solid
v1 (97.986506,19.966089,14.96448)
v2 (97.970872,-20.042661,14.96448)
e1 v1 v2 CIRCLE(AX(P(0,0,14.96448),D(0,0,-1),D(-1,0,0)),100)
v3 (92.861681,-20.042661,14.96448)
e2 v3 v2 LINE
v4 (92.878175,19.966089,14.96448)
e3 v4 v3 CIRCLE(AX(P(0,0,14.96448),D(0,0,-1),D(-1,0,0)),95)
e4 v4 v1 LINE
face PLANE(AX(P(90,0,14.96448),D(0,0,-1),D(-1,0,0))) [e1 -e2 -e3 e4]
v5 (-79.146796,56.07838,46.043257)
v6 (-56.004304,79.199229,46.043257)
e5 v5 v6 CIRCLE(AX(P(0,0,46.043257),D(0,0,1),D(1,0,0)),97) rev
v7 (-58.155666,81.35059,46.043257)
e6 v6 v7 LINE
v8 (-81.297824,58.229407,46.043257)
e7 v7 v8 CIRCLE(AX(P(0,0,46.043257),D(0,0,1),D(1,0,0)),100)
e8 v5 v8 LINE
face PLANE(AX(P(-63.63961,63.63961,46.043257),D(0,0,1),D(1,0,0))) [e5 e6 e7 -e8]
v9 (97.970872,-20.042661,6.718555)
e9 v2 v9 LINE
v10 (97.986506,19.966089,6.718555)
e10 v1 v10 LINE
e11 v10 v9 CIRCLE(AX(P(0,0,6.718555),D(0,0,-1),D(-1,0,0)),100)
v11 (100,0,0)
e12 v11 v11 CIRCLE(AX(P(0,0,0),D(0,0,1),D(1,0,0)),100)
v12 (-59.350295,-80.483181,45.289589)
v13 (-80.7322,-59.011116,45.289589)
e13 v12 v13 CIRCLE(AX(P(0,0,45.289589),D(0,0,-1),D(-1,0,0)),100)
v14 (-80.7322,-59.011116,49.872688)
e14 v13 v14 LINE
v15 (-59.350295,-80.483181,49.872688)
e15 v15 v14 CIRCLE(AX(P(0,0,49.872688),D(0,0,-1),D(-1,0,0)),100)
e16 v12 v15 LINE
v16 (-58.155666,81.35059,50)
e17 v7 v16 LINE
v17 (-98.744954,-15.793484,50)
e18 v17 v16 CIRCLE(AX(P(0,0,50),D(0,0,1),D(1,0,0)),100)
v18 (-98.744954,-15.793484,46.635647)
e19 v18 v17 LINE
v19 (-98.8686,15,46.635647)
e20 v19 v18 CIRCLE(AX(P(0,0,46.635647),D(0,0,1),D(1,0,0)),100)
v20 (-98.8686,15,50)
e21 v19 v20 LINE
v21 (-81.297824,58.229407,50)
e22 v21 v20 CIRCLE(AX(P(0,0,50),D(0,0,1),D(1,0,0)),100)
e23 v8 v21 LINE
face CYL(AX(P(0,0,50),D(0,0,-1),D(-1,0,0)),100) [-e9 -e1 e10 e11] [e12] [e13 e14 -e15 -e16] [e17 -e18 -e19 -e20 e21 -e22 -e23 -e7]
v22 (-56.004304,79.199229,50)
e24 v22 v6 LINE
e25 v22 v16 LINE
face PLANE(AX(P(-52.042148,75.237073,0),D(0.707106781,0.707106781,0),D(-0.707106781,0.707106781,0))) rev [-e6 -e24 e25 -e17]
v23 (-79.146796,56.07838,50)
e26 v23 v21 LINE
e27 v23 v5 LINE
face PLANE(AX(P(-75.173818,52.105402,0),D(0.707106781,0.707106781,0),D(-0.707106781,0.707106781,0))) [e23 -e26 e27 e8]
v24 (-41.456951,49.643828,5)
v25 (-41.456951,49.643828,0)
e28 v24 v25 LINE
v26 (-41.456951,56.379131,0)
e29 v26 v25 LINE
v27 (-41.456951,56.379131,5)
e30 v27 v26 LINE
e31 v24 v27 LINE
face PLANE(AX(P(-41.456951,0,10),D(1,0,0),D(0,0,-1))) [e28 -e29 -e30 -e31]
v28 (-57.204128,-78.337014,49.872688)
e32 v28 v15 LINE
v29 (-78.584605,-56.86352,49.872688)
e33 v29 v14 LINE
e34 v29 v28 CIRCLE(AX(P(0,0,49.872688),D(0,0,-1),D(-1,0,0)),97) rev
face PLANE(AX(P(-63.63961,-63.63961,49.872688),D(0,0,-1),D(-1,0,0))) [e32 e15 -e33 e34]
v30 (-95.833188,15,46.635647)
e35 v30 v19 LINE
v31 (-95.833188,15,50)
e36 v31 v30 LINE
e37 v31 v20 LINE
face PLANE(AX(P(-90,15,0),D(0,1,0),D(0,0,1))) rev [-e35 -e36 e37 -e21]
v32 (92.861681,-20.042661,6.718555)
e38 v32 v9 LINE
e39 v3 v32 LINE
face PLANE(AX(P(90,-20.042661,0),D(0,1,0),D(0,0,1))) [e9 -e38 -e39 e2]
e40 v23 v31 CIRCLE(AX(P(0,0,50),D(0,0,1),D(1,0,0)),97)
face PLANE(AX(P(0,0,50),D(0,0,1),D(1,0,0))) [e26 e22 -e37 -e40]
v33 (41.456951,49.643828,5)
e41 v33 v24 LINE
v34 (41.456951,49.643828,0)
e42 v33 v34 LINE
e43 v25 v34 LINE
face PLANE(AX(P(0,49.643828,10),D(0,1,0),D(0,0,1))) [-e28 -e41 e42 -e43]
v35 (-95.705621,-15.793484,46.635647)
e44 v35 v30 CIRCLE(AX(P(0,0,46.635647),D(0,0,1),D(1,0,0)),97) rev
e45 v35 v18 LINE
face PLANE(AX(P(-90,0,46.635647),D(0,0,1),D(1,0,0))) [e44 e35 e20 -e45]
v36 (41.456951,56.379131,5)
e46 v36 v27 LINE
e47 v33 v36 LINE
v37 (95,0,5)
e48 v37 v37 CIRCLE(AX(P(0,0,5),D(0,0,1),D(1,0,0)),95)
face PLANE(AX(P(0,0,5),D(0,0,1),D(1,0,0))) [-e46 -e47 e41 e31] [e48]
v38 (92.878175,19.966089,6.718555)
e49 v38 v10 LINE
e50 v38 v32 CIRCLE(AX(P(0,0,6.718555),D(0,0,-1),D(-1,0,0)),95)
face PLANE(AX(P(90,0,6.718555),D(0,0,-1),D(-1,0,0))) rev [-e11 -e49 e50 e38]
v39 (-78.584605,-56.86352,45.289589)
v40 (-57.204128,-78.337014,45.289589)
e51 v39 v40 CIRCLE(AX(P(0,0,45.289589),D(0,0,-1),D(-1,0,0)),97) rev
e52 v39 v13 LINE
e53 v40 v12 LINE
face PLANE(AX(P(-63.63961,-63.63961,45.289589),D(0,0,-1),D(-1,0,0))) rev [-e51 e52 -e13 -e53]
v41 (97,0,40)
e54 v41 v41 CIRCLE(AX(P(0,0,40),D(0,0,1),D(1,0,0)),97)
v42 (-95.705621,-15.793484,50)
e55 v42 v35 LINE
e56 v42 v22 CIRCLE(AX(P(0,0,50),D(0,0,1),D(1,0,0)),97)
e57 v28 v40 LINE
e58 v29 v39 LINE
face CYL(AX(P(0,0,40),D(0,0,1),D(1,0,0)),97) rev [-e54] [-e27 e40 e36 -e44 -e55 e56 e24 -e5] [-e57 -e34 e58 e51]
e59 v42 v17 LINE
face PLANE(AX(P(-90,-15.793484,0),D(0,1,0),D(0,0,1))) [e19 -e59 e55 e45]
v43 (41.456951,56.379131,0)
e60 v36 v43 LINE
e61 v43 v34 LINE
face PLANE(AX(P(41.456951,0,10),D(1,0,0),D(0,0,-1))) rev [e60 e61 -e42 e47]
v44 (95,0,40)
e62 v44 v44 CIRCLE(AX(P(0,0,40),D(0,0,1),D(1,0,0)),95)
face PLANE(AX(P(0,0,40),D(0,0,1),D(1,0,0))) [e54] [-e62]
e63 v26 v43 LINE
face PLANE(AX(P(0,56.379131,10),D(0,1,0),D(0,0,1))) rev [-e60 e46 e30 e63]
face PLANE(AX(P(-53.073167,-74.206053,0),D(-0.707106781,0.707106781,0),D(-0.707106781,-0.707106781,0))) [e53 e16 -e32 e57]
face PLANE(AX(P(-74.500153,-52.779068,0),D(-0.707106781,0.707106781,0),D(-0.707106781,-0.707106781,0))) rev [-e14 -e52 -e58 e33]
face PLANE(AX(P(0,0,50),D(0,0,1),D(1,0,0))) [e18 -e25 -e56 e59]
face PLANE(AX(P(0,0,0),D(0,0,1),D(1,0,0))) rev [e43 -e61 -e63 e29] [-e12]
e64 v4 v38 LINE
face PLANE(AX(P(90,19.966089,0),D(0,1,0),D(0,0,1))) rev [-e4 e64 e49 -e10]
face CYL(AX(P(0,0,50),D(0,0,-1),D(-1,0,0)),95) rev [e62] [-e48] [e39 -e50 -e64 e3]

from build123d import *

# Parameters (mm, degrees)
SKETCH_1_R          = 100
EXTRUDE_2_DEPTH     = 50
SHELL_2_T           = -5
SKETCH_6_W          = 82.913902184
SKETCH_6_H          = 6.735302979
CUT_EXTRUDE_1_DEPTH = 10
SKETCH_9_R          = 97
CUT_EXTRUDE_2_DEPTH = 10
SKETCH_13_W         = 6
SKETCH_13_H         = 30.793483952
CUT_EXTRUDE_3_DEPTH = 10
SKETCH_16_W         = 8.245924623
SKETCH_16_H         = 40.008749502
CUT_EXTRUDE_6_DEPTH = 10
SKETCH_17_W         = 4.583098869
SKETCH_17_H         = 30.302333069
CUT_EXTRUDE_7_DEPTH = 10
SKETCH_18_W         = 6.507967363
SKETCH_18_H         = 32.713121907
CUT_EXTRUDE_8_DEPTH = 10


with BuildPart() as part:
    # 草图1 → 凸台-拉伸2 (new body)
    with BuildSketch(Plane.XY):
        Circle(SKETCH_1_R)
    extrude(amount=EXTRUDE_2_DEPTH)

    # 抽壳2
    shell_2_openings = [part.faces().sort_by_distance(p)[0] for p in [
        (0, 0, 50),
    ]]
    offset(amount=SHELL_2_T, openings=shell_2_openings, kind=Kind.INTERSECTION)

    # 草图6 → 切除-拉伸1 (cut)
    with BuildSketch(Plane.XY):
        with Locations((0, 53.011479478)):
            Rectangle(SKETCH_6_W, SKETCH_6_H)
    extrude(amount=CUT_EXTRUDE_1_DEPTH, mode=Mode.SUBTRACT)

    # 草图9 → 切除-拉伸2 (cut)
    with BuildSketch(Plane.XY.offset(50)):
        Circle(SKETCH_9_R)
    extrude(amount=-CUT_EXTRUDE_2_DEPTH, mode=Mode.SUBTRACT)

    # 草图13 → 切除-拉伸3 (cut)
    with BuildSketch(Plane.ZY.offset(100)):
        with Locations((49.635646507, -0.396741976)):
            Rectangle(SKETCH_13_W, SKETCH_13_H)
    extrude(amount=-CUT_EXTRUDE_3_DEPTH, mode=Mode.SUBTRACT)

    # 草图16 → 切除-拉伸6 (cut)
    with BuildSketch(Plane(origin=(100, 0, 0), x_dir=(0, 0, -1), z_dir=(1, 0, 0))):
        with Locations((-10.841517517, -0.038286219)):
            Rectangle(SKETCH_16_W, SKETCH_16_H)
    extrude(amount=-CUT_EXTRUDE_6_DEPTH, mode=Mode.SUBTRACT)

    # 草图17 → 切除-拉伸7 (cut)
    with BuildSketch(Plane(origin=(-70.710678119, -70.710678119, 0), x_dir=(0, 0, -1), z_dir=(-0.7071067811865464, -0.7071067811865488, 0))):
        with Locations((-47.581138772, -0.207959565)):
            Rectangle(SKETCH_17_W, SKETCH_17_H)
    extrude(amount=-CUT_EXTRUDE_7_DEPTH, mode=Mode.SUBTRACT)

    # 草图18 → 切除-拉伸8 (cut)
    with BuildSketch(Plane(origin=(-70.710678119, 70.710678119, 0), x_dir=(0, 0, 1), z_dir=(-0.7071067811865487, 0.7071067811865465, 0))):
        with Locations((49.297240538, 0.044727536)):
            Rectangle(SKETCH_18_W, SKETCH_18_H)
    extrude(amount=-CUT_EXTRUDE_8_DEPTH, mode=Mode.SUBTRACT)


solid = part.part
